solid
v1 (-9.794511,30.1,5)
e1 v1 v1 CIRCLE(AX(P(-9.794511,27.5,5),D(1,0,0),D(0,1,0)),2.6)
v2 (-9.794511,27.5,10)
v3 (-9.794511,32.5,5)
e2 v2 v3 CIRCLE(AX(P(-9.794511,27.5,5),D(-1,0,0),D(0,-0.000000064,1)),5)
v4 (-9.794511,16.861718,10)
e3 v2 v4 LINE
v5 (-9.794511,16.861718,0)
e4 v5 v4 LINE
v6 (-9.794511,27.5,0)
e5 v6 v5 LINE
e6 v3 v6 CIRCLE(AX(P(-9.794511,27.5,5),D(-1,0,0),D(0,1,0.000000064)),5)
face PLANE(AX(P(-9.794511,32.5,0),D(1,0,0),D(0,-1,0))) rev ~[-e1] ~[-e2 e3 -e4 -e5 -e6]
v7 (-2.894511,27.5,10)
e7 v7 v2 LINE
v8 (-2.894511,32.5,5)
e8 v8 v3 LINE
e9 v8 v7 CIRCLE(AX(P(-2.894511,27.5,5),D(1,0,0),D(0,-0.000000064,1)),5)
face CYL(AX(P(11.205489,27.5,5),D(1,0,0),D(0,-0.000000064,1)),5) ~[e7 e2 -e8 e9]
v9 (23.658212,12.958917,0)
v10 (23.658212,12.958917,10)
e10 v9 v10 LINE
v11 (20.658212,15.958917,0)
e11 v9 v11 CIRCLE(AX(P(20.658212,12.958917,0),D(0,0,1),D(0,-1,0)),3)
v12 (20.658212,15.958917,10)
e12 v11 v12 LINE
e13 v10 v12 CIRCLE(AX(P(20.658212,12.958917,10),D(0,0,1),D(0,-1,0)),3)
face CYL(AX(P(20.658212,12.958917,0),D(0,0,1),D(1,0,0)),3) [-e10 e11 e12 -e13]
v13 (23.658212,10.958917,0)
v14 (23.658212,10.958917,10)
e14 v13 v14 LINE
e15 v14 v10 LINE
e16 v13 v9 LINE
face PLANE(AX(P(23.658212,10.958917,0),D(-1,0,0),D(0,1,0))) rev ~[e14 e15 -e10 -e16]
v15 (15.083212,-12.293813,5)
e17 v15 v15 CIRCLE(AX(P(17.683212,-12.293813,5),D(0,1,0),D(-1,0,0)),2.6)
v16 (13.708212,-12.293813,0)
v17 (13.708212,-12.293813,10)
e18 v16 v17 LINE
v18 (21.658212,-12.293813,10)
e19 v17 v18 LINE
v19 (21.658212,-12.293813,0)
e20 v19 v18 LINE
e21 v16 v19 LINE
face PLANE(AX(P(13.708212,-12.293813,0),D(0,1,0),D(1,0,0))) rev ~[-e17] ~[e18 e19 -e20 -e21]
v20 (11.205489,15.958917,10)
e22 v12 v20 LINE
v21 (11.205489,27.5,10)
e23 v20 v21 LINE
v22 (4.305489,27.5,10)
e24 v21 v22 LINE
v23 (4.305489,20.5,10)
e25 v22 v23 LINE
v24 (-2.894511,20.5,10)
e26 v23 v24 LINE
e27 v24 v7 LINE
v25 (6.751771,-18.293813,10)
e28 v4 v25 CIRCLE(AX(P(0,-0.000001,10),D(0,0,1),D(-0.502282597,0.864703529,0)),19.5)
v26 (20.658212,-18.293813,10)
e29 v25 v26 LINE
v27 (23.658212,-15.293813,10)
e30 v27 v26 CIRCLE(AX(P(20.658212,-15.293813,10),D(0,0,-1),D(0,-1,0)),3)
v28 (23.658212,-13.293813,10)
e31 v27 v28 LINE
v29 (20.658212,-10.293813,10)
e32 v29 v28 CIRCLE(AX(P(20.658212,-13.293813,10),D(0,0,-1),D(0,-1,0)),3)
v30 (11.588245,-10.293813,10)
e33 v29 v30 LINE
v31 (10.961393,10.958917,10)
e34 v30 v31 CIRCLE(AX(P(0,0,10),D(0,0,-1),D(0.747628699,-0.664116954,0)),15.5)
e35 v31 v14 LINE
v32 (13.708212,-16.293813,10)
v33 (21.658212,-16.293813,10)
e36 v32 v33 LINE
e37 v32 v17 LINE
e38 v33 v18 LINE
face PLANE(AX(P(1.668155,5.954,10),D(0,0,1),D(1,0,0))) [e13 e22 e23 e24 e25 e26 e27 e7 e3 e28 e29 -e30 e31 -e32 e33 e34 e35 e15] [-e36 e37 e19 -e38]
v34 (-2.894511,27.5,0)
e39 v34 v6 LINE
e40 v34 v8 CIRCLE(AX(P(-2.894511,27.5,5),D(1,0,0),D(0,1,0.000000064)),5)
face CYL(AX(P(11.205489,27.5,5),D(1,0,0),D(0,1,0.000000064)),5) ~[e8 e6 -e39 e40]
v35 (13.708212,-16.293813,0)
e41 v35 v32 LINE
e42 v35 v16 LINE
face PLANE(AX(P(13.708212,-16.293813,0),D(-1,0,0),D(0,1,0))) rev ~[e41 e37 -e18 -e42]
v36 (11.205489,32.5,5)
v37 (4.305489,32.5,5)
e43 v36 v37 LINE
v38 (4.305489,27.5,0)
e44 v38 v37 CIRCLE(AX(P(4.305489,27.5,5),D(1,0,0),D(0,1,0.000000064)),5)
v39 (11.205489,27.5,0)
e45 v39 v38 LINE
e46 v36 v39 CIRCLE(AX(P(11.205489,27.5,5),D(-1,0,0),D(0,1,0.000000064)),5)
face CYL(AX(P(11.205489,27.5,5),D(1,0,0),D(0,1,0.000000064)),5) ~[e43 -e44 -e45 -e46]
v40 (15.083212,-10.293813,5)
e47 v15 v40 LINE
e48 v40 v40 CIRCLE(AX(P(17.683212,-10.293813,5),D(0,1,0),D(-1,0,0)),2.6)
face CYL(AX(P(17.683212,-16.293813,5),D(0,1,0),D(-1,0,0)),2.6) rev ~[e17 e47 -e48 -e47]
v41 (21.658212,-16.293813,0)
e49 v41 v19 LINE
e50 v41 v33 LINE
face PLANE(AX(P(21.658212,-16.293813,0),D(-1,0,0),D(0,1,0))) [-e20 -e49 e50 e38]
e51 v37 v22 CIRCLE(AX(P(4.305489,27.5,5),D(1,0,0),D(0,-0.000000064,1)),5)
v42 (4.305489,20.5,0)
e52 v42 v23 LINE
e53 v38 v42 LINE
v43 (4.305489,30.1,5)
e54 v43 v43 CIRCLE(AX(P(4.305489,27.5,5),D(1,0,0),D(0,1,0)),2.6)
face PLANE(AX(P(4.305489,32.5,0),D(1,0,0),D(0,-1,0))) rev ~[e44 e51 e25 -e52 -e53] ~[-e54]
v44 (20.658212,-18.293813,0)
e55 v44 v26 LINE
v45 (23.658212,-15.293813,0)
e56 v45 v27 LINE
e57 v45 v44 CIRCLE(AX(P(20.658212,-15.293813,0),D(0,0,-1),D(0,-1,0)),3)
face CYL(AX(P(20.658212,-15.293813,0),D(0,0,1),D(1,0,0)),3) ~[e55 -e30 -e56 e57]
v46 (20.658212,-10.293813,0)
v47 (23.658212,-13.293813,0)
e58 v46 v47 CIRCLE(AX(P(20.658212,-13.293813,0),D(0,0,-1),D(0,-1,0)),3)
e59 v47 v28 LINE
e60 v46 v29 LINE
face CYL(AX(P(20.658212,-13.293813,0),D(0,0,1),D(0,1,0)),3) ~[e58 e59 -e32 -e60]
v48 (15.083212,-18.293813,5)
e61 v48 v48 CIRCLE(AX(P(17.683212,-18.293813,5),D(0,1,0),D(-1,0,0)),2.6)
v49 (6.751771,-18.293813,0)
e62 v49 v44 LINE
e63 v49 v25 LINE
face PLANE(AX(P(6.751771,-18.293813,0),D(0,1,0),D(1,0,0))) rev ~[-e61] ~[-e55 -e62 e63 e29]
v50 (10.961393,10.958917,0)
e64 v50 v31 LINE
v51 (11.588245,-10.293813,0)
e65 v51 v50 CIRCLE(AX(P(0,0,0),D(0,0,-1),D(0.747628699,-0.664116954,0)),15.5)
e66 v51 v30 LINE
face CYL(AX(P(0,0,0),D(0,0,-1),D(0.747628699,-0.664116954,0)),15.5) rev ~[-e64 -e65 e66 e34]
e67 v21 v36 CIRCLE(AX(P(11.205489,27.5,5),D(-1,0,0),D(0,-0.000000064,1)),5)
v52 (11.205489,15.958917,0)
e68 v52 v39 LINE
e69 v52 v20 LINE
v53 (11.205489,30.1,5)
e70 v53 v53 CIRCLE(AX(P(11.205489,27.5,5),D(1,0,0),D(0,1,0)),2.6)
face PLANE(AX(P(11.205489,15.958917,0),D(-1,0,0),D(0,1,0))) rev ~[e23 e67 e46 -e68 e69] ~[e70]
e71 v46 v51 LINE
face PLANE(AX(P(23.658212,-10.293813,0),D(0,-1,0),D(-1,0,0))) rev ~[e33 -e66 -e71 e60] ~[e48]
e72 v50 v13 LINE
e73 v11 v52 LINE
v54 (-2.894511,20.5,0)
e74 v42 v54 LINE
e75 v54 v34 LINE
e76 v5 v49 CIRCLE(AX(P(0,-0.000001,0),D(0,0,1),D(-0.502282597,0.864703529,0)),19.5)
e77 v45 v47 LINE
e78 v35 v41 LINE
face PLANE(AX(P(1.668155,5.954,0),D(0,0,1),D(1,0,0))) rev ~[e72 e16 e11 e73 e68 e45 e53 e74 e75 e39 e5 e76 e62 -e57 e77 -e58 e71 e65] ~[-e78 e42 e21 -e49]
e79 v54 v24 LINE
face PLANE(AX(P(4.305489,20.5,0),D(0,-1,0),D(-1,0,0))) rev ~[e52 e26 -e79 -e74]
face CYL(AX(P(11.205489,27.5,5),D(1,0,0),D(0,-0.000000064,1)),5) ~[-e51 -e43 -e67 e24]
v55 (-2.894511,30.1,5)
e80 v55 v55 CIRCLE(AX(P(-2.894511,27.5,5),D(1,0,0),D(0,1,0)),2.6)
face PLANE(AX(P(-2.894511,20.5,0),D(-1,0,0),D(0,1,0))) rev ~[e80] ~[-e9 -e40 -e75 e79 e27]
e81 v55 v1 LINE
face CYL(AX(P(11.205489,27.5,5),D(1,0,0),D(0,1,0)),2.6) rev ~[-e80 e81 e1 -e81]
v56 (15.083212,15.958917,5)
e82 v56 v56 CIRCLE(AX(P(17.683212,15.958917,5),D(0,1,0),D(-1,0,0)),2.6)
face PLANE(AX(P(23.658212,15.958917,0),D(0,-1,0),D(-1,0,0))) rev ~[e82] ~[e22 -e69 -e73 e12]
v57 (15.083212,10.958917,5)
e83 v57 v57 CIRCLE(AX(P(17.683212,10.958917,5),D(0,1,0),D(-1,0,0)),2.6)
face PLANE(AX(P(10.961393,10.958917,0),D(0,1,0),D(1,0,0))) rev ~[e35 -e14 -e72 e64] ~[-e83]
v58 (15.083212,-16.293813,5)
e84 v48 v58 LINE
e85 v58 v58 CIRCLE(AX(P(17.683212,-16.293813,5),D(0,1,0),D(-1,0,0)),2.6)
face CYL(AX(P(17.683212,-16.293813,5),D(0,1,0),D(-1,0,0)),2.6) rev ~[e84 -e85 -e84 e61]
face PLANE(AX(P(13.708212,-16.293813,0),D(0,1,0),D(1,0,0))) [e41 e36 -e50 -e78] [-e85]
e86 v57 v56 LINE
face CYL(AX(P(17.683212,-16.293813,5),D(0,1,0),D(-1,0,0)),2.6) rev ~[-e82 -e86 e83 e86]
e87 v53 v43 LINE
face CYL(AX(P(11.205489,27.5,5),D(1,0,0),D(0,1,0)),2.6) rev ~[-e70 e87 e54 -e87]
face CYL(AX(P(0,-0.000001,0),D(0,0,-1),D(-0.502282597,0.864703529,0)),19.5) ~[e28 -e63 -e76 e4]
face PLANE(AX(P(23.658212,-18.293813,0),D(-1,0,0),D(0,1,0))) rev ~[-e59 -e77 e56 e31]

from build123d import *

# Parameters (mm, degrees)
F0_W     = 7.95
F0_H     = 4
F1_DEPTH = 10
F2_R     = 2.6
F3_DEPTH = 21
F4_R     = 2.6
F5_DEPTH = 50
F6_R     = 3


with BuildPart() as f1:
    # F0 (on Top) → F1 (new body)
    with BuildSketch(Plane.XY):
        with BuildLine():
            Line((23.658212, 10.958917), (23.658212, 15.958917))
            Line((23.658212, 15.958917), (11.205489, 15.958917))
            Line((11.205489, 15.958917), (11.205489, 32.5))
            Line((11.205489, 32.5), (4.305489, 32.5))
            Line((4.305489, 32.5), (4.305489, 20.5))
            Line((4.305489, 20.5), (-2.894511, 20.5))
            Line((-2.894511, 20.5), (-2.894511, 32.5))
            Line((-2.894511, 32.5), (-9.794511, 32.5))
            Line((-9.794511, 32.5), (-9.794511, 16.861718))
            ThreePointArc((-9.794511, 16.861718), (-17.643481, -8.304071), (6.751771, -18.293813))
            Line((6.751771, -18.293813), (12.970301, -18.293813))
            Line((12.970301, -18.293813), (23.658212, -18.293813))
            Line((23.658212, -18.293813), (23.658212, -10.293813))
            Line((23.658212, -10.293813), (11.588245, -10.293813))
            ThreePointArc((11.588245, -10.293813), (-15.493262, -0.456975), (10.961393, 10.958917))
            Line((10.961393, 10.958917), (23.658212, 10.958917))
        make_face()
        with Locations((17.683212, -14.293813)):
            Rectangle(F0_W, F0_H, mode=Mode.SUBTRACT)
    extrude(amount=F1_DEPTH)

    # F2 (on face) → F3 (cut, through all)
    with BuildSketch(Plane.YZ.offset(11.205489)):
        with BuildLine():
            ThreePointArc((32.5, 5), (31.035534, 1.464466), (27.5, 0))
            Line((27.5, 0), (32.5, 0))
            Line((32.5, 0), (32.5, 5))
        make_face()
        with BuildLine():
            ThreePointArc((27.5, 10), (31.035534, 8.535534), (32.5, 5))
            Line((32.5, 5), (32.5, 10))
            Line((32.5, 10), (27.5, 10))
        make_face()
        with Locations((27.5, 5)):
            Circle(F2_R)
    extrude(amount=-F3_DEPTH, mode=Mode.SUBTRACT)

    # F4 (on face) → F5 (cut, symmetric)
    with BuildSketch(Plane(origin=(0, -16.293813, 0), x_dir=(-1, 0, 0), z_dir=(0, 1, 0))):
        with Locations((-17.683212, 5)):
            Circle(F4_R)
    extrude(amount=F5_DEPTH, both=True, mode=Mode.SUBTRACT)

    # F6
    f6_edges = [f1.edges().sort_by_distance(p)[0] for p in [
        (23.658212, 15.958917, 5),
        (23.658212, -10.293813, 5),
        (23.658212, -18.293813, 5),
    ]]
    fillet(f6_edges, radius=F6_R)


solid = f1.part
